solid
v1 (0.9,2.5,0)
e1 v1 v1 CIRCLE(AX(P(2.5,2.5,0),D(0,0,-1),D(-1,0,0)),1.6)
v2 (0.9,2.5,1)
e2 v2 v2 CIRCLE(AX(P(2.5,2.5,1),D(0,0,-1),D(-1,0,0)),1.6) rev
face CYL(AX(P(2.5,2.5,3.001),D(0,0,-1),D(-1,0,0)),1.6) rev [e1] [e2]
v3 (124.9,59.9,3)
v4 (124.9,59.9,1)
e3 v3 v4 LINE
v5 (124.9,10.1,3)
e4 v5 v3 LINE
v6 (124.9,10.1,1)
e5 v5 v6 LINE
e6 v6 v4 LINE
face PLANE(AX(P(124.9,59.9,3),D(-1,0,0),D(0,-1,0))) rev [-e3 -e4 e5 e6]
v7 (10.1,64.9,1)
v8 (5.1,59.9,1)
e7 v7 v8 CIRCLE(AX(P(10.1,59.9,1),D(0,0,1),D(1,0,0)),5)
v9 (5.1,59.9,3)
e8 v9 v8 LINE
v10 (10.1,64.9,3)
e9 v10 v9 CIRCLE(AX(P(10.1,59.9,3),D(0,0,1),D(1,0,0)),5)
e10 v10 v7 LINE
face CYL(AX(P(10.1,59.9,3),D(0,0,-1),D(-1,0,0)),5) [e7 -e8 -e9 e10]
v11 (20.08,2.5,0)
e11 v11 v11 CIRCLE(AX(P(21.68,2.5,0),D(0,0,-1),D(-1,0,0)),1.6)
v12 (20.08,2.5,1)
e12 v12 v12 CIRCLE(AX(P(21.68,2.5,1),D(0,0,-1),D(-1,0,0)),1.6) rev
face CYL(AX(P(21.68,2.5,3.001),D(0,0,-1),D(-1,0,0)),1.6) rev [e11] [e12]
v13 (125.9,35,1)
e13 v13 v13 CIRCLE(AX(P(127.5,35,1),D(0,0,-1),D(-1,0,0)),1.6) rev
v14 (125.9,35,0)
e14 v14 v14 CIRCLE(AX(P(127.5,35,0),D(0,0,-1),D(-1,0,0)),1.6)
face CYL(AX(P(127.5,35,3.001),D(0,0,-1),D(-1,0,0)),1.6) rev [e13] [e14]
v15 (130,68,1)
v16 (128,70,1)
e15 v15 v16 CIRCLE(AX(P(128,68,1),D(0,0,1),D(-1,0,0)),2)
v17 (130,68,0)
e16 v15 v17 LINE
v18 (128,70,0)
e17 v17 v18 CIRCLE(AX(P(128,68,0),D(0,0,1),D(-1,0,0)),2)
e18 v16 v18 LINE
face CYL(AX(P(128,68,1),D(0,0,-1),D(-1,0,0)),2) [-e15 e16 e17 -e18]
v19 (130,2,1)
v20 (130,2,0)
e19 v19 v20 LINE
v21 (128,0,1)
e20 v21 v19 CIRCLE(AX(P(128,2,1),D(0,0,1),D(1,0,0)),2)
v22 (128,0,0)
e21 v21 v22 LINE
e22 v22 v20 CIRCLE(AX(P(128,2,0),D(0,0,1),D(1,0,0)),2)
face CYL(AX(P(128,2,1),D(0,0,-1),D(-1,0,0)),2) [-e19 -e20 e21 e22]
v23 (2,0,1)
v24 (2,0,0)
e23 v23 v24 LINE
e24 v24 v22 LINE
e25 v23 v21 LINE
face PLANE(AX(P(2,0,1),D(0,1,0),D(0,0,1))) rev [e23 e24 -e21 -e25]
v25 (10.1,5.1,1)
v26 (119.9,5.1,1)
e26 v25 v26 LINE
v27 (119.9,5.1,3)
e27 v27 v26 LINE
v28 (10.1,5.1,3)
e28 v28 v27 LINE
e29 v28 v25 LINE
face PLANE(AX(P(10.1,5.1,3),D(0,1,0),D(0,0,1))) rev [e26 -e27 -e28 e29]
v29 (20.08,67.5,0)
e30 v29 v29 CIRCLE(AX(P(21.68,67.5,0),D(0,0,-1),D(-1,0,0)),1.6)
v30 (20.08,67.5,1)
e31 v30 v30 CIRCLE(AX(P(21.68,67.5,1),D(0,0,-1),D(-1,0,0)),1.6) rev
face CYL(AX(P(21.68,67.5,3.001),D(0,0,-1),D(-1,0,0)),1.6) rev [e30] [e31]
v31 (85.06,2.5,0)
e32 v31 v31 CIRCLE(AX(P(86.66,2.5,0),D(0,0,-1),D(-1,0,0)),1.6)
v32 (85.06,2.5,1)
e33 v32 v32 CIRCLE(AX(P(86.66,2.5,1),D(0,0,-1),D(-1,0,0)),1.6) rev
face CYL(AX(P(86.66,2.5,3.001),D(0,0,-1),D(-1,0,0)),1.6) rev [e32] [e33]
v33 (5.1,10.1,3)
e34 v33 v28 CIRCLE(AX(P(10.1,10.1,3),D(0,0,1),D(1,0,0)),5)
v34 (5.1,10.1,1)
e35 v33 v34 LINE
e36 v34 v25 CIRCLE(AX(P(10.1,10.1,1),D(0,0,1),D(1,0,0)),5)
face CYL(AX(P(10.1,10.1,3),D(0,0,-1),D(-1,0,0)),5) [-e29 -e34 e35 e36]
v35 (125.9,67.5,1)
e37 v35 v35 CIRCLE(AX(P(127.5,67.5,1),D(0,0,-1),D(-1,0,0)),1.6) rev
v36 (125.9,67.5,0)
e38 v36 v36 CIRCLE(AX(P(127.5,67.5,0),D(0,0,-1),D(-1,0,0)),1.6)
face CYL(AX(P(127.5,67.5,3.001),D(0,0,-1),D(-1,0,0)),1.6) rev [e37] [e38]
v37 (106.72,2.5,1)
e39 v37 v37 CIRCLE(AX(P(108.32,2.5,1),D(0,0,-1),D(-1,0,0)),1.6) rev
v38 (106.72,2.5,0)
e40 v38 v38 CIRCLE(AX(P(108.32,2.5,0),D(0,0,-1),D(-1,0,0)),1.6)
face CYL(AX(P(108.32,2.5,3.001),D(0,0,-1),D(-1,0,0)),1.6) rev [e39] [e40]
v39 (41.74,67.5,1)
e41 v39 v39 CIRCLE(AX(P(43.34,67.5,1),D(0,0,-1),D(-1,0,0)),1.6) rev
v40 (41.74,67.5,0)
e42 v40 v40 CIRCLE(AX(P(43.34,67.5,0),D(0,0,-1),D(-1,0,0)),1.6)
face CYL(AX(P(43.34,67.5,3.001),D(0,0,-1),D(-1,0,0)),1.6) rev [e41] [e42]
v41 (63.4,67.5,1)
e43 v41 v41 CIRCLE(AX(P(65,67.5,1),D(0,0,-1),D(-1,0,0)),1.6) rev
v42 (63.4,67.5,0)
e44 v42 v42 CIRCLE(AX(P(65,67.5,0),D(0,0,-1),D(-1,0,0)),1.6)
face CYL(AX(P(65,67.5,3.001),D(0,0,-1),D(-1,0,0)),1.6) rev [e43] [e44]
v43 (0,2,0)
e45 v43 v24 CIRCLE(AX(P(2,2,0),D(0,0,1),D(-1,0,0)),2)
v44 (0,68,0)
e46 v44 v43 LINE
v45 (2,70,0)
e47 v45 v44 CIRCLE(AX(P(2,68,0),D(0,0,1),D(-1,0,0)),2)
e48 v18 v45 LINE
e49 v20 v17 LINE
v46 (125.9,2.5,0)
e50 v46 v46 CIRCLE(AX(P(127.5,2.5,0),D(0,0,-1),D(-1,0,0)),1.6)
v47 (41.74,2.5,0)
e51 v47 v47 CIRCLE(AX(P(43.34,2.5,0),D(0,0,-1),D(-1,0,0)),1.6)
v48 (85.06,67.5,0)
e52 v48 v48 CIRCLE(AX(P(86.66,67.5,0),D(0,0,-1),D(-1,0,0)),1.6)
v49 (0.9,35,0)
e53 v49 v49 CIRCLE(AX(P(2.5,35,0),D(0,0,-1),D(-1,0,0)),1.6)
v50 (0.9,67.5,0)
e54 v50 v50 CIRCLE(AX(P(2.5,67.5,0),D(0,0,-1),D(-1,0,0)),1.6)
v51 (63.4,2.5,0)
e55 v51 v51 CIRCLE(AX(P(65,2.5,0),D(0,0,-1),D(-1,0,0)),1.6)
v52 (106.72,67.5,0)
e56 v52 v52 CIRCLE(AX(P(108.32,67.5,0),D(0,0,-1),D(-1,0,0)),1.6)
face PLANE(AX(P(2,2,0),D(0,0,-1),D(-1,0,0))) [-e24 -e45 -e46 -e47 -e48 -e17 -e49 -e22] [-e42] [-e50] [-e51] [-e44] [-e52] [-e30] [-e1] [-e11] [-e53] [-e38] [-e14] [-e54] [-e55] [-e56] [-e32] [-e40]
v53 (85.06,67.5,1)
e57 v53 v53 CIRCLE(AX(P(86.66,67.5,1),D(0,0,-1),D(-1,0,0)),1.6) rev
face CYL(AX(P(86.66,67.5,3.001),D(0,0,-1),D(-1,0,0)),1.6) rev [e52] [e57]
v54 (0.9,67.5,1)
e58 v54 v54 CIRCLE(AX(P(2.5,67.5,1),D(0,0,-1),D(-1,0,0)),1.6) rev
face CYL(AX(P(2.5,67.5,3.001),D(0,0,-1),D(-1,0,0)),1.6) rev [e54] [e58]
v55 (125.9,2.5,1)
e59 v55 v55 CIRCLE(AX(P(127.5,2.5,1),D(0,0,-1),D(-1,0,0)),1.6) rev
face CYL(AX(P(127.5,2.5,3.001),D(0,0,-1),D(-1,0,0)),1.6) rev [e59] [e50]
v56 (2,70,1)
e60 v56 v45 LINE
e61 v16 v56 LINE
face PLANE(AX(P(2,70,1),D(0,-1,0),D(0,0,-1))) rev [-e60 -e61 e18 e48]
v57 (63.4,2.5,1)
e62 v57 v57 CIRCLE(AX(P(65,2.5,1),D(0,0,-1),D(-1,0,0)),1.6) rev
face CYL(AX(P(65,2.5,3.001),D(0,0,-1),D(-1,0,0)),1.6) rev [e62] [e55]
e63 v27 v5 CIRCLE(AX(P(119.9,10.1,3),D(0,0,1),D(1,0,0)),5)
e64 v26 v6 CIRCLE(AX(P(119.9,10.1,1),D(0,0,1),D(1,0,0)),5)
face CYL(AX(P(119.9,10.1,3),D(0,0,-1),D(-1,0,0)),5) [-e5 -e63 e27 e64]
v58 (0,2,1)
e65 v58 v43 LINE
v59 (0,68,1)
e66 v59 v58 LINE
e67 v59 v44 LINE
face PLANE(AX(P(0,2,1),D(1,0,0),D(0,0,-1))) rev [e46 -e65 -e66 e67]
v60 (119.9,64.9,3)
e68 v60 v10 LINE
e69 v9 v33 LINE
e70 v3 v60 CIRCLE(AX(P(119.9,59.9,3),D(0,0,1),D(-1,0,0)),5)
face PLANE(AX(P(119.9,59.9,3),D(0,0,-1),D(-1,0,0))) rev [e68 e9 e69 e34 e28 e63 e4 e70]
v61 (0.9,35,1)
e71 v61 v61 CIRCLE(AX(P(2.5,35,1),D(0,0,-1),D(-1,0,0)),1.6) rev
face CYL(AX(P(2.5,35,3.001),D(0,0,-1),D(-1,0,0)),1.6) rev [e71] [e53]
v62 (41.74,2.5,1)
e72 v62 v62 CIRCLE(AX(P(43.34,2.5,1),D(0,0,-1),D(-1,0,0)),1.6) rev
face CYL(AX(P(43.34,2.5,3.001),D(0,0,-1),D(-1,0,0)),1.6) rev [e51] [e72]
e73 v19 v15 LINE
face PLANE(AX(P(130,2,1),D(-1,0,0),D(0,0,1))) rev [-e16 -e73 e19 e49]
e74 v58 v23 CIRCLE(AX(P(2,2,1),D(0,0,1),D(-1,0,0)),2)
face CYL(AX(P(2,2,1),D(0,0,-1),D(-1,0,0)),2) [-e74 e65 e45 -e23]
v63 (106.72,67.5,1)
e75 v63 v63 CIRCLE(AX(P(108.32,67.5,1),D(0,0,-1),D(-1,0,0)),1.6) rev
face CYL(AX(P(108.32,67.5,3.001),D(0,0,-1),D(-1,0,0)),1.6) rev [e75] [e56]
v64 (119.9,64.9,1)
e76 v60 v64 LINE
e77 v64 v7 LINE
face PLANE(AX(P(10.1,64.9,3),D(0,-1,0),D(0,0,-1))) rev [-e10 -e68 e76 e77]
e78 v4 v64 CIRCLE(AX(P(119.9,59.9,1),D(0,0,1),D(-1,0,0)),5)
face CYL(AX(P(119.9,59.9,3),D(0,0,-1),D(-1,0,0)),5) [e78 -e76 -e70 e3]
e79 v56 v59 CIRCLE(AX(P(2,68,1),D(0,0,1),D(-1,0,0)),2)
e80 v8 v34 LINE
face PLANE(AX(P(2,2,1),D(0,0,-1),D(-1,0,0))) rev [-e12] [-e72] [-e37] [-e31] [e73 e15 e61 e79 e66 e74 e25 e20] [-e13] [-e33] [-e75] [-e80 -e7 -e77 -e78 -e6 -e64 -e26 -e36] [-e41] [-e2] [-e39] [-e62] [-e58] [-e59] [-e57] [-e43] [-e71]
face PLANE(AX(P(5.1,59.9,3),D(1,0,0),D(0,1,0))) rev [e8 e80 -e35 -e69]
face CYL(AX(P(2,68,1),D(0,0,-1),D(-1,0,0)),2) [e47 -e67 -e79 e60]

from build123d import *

# Parameters (mm, degrees)
BOSS_EXTRU_1_DEPTH      = 1
BOSS_EXTRU_2_DEPTH      = 2
ENL_V_MAT_EXTRU_1_REACH = 5
ESQUISSE3_R             = 1.6


with BuildPart() as part:
    # Esquisse1 → Boss.-Extru.1 (new body)
    with BuildSketch(Plane.XY):
        with BuildLine():
            Line((2, 0), (128, 0))
            ThreePointArc((128, 0), (129.414213562, 0.585786438), (130, 2))
            Line((130, 2), (130, 68))
            ThreePointArc((130, 68), (129.414213562, 69.414213562), (128, 70))
            Line((128, 70), (2, 70))
            ThreePointArc((2, 70), (0.585786438, 69.414213562), (0, 68))
            Line((0, 68), (0, 2))
            ThreePointArc((0, 2), (0.585786438, 0.585786438), (2, 0))
        make_face()
    extrude(amount=BOSS_EXTRU_1_DEPTH)

    # Esquisse2 → Boss.-Extru.2 (add)
    with BuildSketch(Plane.XY.offset(1)):
        with BuildLine():
            Line((10.1, 64.9), (119.9, 64.9))
            ThreePointArc((119.9, 64.9), (123.435533906, 63.435533906), (124.9, 59.9))
            Line((124.9, 59.9), (124.9, 10.1))
            ThreePointArc((124.9, 10.1), (123.435533906, 6.564466094), (119.9, 5.1))
            Line((119.9, 5.1), (10.1, 5.1))
            ThreePointArc((10.1, 5.1), (6.564466094, 6.564466094), (5.1, 10.1))
            Line((5.1, 10.1), (5.1, 59.9))
            ThreePointArc((5.1, 59.9), (6.564466094, 63.435533906), (10.1, 64.9))
        make_face()
    extrude(amount=BOSS_EXTRU_2_DEPTH)

    # Esquisse3 → Enlèv. mat.-Extru.1 (cut, up to next)
    with BuildSketch(Plane(origin=(0, 0, 0), x_dir=(-1, 0, 0), z_dir=(0, 0, -1)), mode=Mode.PRIVATE) as enl_v_mat_extru_1_sk1:
        with Locations((-65, 67.5)):
            Circle(ESQUISSE3_R)
    enl_v_mat_extru_1_tool1 = extrude(enl_v_mat_extru_1_sk1.sketch, amount=-ENL_V_MAT_EXTRU_1_REACH, mode=Mode.PRIVATE) & part.part
    add(enl_v_mat_extru_1_tool1.solids().sort_by_distance((65, 67.5, 0))[0], mode=Mode.SUBTRACT)
    # Esquisse3 → Enlèv. mat.-Extru.1 (cut, up to next)
    with BuildSketch(Plane(origin=(0, 0, 0), x_dir=(-1, 0, 0), z_dir=(0, 0, -1)), mode=Mode.PRIVATE) as enl_v_mat_extru_1_sk2:
        with Locations((-43.34, 67.5)):
            Circle(ESQUISSE3_R)
    enl_v_mat_extru_1_tool2 = extrude(enl_v_mat_extru_1_sk2.sketch, amount=-ENL_V_MAT_EXTRU_1_REACH, mode=Mode.PRIVATE) & part.part
    add(enl_v_mat_extru_1_tool2.solids().sort_by_distance((43.34, 67.5, 0))[0], mode=Mode.SUBTRACT)
    # Esquisse3 → Enlèv. mat.-Extru.1 (cut, up to next)
    with BuildSketch(Plane(origin=(0, 0, 0), x_dir=(-1, 0, 0), z_dir=(0, 0, -1)), mode=Mode.PRIVATE) as enl_v_mat_extru_1_sk3:
        with Locations((-21.68, 67.5)):
            Circle(ESQUISSE3_R)
    enl_v_mat_extru_1_tool3 = extrude(enl_v_mat_extru_1_sk3.sketch, amount=-ENL_V_MAT_EXTRU_1_REACH, mode=Mode.PRIVATE) & part.part
    add(enl_v_mat_extru_1_tool3.solids().sort_by_distance((21.68, 67.5, 0))[0], mode=Mode.SUBTRACT)
    # Esquisse3 → Enlèv. mat.-Extru.1 (cut, up to next)
    with BuildSketch(Plane(origin=(0, 0, 0), x_dir=(-1, 0, 0), z_dir=(0, 0, -1)), mode=Mode.PRIVATE) as enl_v_mat_extru_1_sk4:
        with Locations((-2.5, 67.5)):
            Circle(ESQUISSE3_R)
    enl_v_mat_extru_1_tool4 = extrude(enl_v_mat_extru_1_sk4.sketch, amount=-ENL_V_MAT_EXTRU_1_REACH, mode=Mode.PRIVATE) & part.part
    add(enl_v_mat_extru_1_tool4.solids().sort_by_distance((2.5, 67.5, 0))[0], mode=Mode.SUBTRACT)
    # Esquisse3 → Enlèv. mat.-Extru.1 (cut, up to next)
    with BuildSketch(Plane(origin=(0, 0, 0), x_dir=(-1, 0, 0), z_dir=(0, 0, -1)), mode=Mode.PRIVATE) as enl_v_mat_extru_1_sk5:
        with Locations((-2.5, 2.5)):
            Circle(ESQUISSE3_R)
    enl_v_mat_extru_1_tool5 = extrude(enl_v_mat_extru_1_sk5.sketch, amount=-ENL_V_MAT_EXTRU_1_REACH, mode=Mode.PRIVATE) & part.part
    add(enl_v_mat_extru_1_tool5.solids().sort_by_distance((2.5, 2.5, 0))[0], mode=Mode.SUBTRACT)
    # Esquisse3 → Enlèv. mat.-Extru.1 (cut, up to next)
    with BuildSketch(Plane(origin=(0, 0, 0), x_dir=(-1, 0, 0), z_dir=(0, 0, -1)), mode=Mode.PRIVATE) as enl_v_mat_extru_1_sk6:
        with Locations((-21.68, 2.5)):
            Circle(ESQUISSE3_R)
    enl_v_mat_extru_1_tool6 = extrude(enl_v_mat_extru_1_sk6.sketch, amount=-ENL_V_MAT_EXTRU_1_REACH, mode=Mode.PRIVATE) & part.part
    add(enl_v_mat_extru_1_tool6.solids().sort_by_distance((21.68, 2.5, 0))[0], mode=Mode.SUBTRACT)
    # Esquisse3 → Enlèv. mat.-Extru.1 (cut, up to next)
    with BuildSketch(Plane(origin=(0, 0, 0), x_dir=(-1, 0, 0), z_dir=(0, 0, -1)), mode=Mode.PRIVATE) as enl_v_mat_extru_1_sk7:
        with Locations((-43.34, 2.5)):
            Circle(ESQUISSE3_R)
    enl_v_mat_extru_1_tool7 = extrude(enl_v_mat_extru_1_sk7.sketch, amount=-ENL_V_MAT_EXTRU_1_REACH, mode=Mode.PRIVATE) & part.part
    add(enl_v_mat_extru_1_tool7.solids().sort_by_distance((43.34, 2.5, 0))[0], mode=Mode.SUBTRACT)
    # Esquisse3 → Enlèv. mat.-Extru.1 (cut, up to next)
    with BuildSketch(Plane(origin=(0, 0, 0), x_dir=(-1, 0, 0), z_dir=(0, 0, -1)), mode=Mode.PRIVATE) as enl_v_mat_extru_1_sk8:
        with Locations((-65, 2.5)):
            Circle(ESQUISSE3_R)
    enl_v_mat_extru_1_tool8 = extrude(enl_v_mat_extru_1_sk8.sketch, amount=-ENL_V_MAT_EXTRU_1_REACH, mode=Mode.PRIVATE) & part.part
    add(enl_v_mat_extru_1_tool8.solids().sort_by_distance((65, 2.5, 0))[0], mode=Mode.SUBTRACT)
    # Esquisse3 → Enlèv. mat.-Extru.1 (cut, up to next)
    with BuildSketch(Plane(origin=(0, 0, 0), x_dir=(-1, 0, 0), z_dir=(0, 0, -1)), mode=Mode.PRIVATE) as enl_v_mat_extru_1_sk9:
        with Locations((-86.66, 2.5)):
            Circle(ESQUISSE3_R)
    enl_v_mat_extru_1_tool9 = extrude(enl_v_mat_extru_1_sk9.sketch, amount=-ENL_V_MAT_EXTRU_1_REACH, mode=Mode.PRIVATE) & part.part
    add(enl_v_mat_extru_1_tool9.solids().sort_by_distance((86.66, 2.5, 0))[0], mode=Mode.SUBTRACT)
    # Esquisse3 → Enlèv. mat.-Extru.1 (cut, up to next)
    with BuildSketch(Plane(origin=(0, 0, 0), x_dir=(-1, 0, 0), z_dir=(0, 0, -1)), mode=Mode.PRIVATE) as enl_v_mat_extru_1_sk10:
        with Locations((-108.32, 2.5)):
            Circle(ESQUISSE3_R)
    enl_v_mat_extru_1_tool10 = extrude(enl_v_mat_extru_1_sk10.sketch, amount=-ENL_V_MAT_EXTRU_1_REACH, mode=Mode.PRIVATE) & part.part
    add(enl_v_mat_extru_1_tool10.solids().sort_by_distance((108.32, 2.5, 0))[0], mode=Mode.SUBTRACT)
    # Esquisse3 → Enlèv. mat.-Extru.1 (cut, up to next)
    with BuildSketch(Plane(origin=(0, 0, 0), x_dir=(-1, 0, 0), z_dir=(0, 0, -1)), mode=Mode.PRIVATE) as enl_v_mat_extru_1_sk11:
        with Locations((-127.5, 2.5)):
            Circle(ESQUISSE3_R)
    enl_v_mat_extru_1_tool11 = extrude(enl_v_mat_extru_1_sk11.sketch, amount=-ENL_V_MAT_EXTRU_1_REACH, mode=Mode.PRIVATE) & part.part
    add(enl_v_mat_extru_1_tool11.solids().sort_by_distance((127.5, 2.5, 0))[0], mode=Mode.SUBTRACT)
    # Esquisse3 → Enlèv. mat.-Extru.1 (cut, up to next)
    with BuildSketch(Plane(origin=(0, 0, 0), x_dir=(-1, 0, 0), z_dir=(0, 0, -1)), mode=Mode.PRIVATE) as enl_v_mat_extru_1_sk12:
        with Locations((-127.5, 67.5)):
            Circle(ESQUISSE3_R)
    enl_v_mat_extru_1_tool12 = extrude(enl_v_mat_extru_1_sk12.sketch, amount=-ENL_V_MAT_EXTRU_1_REACH, mode=Mode.PRIVATE) & part.part
    add(enl_v_mat_extru_1_tool12.solids().sort_by_distance((127.5, 67.5, 0))[0], mode=Mode.SUBTRACT)
    # Esquisse3 → Enlèv. mat.-Extru.1 (cut, up to next)
    with BuildSketch(Plane(origin=(0, 0, 0), x_dir=(-1, 0, 0), z_dir=(0, 0, -1)), mode=Mode.PRIVATE) as enl_v_mat_extru_1_sk13:
        with Locations((-108.32, 67.5)):
            Circle(ESQUISSE3_R)
    enl_v_mat_extru_1_tool13 = extrude(enl_v_mat_extru_1_sk13.sketch, amount=-ENL_V_MAT_EXTRU_1_REACH, mode=Mode.PRIVATE) & part.part
    add(enl_v_mat_extru_1_tool13.solids().sort_by_distance((108.32, 67.5, 0))[0], mode=Mode.SUBTRACT)
    # Esquisse3 → Enlèv. mat.-Extru.1 (cut, up to next)
    with BuildSketch(Plane(origin=(0, 0, 0), x_dir=(-1, 0, 0), z_dir=(0, 0, -1)), mode=Mode.PRIVATE) as enl_v_mat_extru_1_sk14:
        with Locations((-86.66, 67.5)):
            Circle(ESQUISSE3_R)
    enl_v_mat_extru_1_tool14 = extrude(enl_v_mat_extru_1_sk14.sketch, amount=-ENL_V_MAT_EXTRU_1_REACH, mode=Mode.PRIVATE) & part.part
    add(enl_v_mat_extru_1_tool14.solids().sort_by_distance((86.66, 67.5, 0))[0], mode=Mode.SUBTRACT)
    # Esquisse3 → Enlèv. mat.-Extru.1 (cut, up to next)
    with BuildSketch(Plane(origin=(0, 0, 0), x_dir=(-1, 0, 0), z_dir=(0, 0, -1)), mode=Mode.PRIVATE) as enl_v_mat_extru_1_sk15:
        with Locations((-2.5, 35)):
            Circle(ESQUISSE3_R)
    enl_v_mat_extru_1_tool15 = extrude(enl_v_mat_extru_1_sk15.sketch, amount=-ENL_V_MAT_EXTRU_1_REACH, mode=Mode.PRIVATE) & part.part
    add(enl_v_mat_extru_1_tool15.solids().sort_by_distance((2.5, 35, 0))[0], mode=Mode.SUBTRACT)
    # Esquisse3 → Enlèv. mat.-Extru.1 (cut, up to next)
    with BuildSketch(Plane(origin=(0, 0, 0), x_dir=(-1, 0, 0), z_dir=(0, 0, -1)), mode=Mode.PRIVATE) as enl_v_mat_extru_1_sk16:
        with Locations((-127.5, 35)):
            Circle(ESQUISSE3_R)
    enl_v_mat_extru_1_tool16 = extrude(enl_v_mat_extru_1_sk16.sketch, amount=-ENL_V_MAT_EXTRU_1_REACH, mode=Mode.PRIVATE) & part.part
    add(enl_v_mat_extru_1_tool16.solids().sort_by_distance((127.5, 35, 0))[0], mode=Mode.SUBTRACT)


solid = part.part
